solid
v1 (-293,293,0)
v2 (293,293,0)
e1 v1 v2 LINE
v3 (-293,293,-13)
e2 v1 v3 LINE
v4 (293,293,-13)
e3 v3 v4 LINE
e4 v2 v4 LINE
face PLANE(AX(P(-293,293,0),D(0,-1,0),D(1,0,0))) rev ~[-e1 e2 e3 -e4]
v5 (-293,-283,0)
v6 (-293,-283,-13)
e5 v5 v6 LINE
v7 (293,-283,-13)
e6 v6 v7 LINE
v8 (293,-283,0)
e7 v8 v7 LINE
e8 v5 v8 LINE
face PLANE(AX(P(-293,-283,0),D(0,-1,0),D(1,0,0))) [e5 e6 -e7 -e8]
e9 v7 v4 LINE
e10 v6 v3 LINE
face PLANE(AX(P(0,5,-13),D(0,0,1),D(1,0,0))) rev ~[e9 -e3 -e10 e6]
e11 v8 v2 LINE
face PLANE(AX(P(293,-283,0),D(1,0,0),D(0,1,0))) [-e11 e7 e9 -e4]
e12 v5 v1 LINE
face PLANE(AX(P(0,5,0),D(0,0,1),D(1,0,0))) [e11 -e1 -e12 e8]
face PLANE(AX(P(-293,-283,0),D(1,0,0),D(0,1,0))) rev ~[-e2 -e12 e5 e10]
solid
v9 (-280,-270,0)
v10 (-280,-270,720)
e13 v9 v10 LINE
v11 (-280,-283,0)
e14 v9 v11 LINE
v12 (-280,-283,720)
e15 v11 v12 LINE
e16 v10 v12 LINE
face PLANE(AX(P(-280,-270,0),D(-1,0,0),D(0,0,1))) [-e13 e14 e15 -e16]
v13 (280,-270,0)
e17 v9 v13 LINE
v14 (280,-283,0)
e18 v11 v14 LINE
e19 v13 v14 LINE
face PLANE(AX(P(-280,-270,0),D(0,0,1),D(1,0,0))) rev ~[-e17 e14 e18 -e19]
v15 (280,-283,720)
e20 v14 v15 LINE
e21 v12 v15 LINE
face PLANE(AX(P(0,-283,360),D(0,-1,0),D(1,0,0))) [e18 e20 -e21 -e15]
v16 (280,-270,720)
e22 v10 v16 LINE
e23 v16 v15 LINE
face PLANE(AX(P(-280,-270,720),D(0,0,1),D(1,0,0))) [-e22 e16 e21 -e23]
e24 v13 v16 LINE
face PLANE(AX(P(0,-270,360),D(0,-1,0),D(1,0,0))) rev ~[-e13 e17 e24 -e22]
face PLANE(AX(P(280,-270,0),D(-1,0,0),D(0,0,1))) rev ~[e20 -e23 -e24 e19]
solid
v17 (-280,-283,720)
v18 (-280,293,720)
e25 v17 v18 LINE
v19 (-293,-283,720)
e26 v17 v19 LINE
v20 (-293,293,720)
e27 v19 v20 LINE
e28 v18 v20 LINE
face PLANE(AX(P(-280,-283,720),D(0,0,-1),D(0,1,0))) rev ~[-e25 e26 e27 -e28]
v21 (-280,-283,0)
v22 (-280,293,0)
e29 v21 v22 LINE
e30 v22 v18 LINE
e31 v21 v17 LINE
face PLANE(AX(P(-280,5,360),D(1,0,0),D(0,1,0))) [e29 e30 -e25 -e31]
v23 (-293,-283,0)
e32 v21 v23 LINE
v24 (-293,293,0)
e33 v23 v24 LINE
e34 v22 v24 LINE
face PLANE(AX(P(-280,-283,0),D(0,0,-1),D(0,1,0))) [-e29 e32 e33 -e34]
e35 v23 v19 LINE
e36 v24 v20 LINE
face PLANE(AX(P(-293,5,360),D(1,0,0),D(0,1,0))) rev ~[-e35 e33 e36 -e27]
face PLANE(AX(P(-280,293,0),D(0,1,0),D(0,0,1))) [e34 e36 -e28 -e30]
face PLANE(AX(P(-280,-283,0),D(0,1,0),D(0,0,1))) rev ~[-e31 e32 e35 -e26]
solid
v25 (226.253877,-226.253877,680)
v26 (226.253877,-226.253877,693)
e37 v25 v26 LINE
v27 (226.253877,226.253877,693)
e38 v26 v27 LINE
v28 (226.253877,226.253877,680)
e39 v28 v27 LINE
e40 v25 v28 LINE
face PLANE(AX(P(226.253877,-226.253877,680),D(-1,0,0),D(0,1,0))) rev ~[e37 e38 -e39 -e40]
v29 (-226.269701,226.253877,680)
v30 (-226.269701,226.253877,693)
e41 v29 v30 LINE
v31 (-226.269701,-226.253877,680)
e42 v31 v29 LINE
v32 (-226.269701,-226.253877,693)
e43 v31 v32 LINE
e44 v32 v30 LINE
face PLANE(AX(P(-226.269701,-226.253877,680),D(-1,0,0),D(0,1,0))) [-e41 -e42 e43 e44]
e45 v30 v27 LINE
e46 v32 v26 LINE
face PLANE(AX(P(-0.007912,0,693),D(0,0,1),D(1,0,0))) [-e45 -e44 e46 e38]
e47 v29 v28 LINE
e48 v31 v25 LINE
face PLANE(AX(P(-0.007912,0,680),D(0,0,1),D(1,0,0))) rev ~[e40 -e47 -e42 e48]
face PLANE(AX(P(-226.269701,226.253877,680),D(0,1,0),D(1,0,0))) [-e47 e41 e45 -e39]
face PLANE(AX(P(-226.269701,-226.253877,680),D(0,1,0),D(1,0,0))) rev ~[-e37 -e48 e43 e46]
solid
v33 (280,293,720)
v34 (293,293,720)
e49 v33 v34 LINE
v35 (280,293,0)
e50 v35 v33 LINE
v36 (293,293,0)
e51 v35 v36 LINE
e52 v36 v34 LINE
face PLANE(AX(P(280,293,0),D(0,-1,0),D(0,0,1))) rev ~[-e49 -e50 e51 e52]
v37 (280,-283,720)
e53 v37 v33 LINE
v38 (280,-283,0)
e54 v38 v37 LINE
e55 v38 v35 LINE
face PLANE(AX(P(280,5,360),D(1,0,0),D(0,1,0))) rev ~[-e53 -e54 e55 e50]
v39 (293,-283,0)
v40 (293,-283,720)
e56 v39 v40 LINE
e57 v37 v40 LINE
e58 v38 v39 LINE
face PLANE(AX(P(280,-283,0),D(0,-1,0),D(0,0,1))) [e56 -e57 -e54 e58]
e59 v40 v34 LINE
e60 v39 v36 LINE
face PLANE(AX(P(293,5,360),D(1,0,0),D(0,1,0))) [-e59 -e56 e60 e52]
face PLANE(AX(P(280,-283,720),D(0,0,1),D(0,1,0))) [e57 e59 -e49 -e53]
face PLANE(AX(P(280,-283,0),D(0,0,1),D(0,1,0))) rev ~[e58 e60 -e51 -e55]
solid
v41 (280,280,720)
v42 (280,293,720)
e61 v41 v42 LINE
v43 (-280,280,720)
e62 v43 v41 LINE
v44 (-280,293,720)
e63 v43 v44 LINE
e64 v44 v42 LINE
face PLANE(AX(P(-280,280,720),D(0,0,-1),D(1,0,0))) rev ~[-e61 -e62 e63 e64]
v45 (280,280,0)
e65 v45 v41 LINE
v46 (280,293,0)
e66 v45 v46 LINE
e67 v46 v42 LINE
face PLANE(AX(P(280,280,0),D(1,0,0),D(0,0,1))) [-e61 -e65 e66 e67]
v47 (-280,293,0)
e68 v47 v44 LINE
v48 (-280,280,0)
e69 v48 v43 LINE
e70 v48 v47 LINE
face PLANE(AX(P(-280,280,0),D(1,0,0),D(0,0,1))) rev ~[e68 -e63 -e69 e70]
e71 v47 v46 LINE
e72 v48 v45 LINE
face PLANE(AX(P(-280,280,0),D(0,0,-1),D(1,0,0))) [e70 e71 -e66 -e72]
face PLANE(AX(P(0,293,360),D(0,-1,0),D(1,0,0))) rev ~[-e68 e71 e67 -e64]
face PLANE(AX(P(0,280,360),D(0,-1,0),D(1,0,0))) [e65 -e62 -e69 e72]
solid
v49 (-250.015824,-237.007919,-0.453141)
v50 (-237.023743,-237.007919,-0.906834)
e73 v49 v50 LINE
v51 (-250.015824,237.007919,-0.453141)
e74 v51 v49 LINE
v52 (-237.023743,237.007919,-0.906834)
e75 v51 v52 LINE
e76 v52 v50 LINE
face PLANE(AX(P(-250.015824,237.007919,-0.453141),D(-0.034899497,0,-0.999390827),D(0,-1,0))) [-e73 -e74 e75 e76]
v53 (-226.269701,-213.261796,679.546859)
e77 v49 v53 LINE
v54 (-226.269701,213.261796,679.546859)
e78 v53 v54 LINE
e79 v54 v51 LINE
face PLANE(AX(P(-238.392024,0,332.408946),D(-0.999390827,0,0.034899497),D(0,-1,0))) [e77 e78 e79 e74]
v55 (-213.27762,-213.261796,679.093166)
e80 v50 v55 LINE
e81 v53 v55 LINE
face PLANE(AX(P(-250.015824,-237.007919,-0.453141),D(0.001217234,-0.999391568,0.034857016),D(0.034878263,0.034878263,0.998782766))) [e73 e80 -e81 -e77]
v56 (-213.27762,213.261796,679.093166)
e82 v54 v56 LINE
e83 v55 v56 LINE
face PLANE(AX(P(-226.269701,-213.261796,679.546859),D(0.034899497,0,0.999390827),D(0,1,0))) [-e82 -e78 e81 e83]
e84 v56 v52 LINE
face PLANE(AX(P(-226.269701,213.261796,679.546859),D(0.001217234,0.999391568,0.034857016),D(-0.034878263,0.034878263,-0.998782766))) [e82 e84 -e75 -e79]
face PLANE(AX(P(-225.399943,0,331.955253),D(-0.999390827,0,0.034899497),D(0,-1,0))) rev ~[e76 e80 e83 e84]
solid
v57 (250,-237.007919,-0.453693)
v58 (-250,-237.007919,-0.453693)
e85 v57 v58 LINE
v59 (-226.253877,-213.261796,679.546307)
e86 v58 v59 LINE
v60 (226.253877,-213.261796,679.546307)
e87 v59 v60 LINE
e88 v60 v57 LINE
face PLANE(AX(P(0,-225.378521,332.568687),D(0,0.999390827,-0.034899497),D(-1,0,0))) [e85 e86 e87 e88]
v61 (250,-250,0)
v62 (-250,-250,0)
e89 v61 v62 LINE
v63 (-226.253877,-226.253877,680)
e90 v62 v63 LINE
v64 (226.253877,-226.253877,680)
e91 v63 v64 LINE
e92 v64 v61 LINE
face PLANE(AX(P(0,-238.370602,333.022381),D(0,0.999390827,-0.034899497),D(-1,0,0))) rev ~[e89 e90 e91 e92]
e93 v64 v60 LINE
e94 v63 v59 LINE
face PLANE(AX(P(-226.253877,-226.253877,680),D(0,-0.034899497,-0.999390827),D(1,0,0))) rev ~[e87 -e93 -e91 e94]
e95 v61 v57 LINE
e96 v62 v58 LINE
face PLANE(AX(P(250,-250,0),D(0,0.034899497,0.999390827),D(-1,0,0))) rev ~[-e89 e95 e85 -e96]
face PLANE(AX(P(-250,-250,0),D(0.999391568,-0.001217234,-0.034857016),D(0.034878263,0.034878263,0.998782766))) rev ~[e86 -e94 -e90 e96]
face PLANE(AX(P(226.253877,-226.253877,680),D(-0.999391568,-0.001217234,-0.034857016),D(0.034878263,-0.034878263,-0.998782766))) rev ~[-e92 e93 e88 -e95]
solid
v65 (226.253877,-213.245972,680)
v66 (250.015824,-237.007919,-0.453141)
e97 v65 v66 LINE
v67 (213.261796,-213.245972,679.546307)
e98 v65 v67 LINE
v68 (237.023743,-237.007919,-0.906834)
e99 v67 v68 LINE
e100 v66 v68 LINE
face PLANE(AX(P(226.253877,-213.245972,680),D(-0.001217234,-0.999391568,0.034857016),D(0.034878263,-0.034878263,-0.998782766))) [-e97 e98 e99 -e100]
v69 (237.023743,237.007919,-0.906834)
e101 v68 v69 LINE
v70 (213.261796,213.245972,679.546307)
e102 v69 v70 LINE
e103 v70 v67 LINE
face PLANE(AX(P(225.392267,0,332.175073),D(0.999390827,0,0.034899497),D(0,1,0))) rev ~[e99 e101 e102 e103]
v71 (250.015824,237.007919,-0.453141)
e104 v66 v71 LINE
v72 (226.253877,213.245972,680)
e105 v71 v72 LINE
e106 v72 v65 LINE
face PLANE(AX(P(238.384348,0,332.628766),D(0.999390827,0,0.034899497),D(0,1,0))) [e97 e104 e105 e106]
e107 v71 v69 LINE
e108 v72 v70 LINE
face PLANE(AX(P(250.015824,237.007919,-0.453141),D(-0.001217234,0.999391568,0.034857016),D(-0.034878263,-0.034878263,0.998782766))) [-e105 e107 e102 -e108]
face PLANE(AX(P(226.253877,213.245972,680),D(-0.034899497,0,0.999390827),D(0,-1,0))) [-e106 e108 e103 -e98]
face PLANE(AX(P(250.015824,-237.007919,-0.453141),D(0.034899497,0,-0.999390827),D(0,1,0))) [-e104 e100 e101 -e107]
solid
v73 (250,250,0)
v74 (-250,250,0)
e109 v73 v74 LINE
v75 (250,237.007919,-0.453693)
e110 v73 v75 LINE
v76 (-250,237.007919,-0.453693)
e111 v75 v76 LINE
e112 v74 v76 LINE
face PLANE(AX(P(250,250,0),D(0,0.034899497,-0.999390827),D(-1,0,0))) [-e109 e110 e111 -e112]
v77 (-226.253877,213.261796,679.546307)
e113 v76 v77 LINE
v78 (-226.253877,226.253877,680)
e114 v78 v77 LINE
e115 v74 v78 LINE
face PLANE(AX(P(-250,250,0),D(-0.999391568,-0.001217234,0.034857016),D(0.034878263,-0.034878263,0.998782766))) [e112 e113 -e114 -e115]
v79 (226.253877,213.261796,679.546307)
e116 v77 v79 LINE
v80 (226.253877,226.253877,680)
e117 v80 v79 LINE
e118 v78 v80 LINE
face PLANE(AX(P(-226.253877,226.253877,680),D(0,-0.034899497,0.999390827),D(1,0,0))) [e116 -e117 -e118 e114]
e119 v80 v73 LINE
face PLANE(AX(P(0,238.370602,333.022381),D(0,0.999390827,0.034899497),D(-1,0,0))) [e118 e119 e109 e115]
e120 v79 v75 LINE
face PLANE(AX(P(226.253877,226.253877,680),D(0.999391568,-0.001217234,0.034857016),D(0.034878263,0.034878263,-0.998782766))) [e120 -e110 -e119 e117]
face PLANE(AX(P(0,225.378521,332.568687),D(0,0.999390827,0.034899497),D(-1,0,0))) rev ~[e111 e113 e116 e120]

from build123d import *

# Parameters (mm, degrees)
F7_DEPTH  = 13
F9_DEPTH  = 13
F11_DEPTH = 13
F13_DEPTH = 13
F14_W     = 452.5235775191
F14_H     = 452.5077534912
F15_DEPTH = 13
F17_W     = 560
F17_H     = 720
F18_DEPTH = 13
F20_W     = 560
F20_H     = 720
F21_DEPTH = 13
F24_W     = 576
F24_H     = 720
F25_DEPTH = 13
F26_W     = 576
F26_H     = 720
F27_DEPTH = 13
F28_W     = 586
F28_H     = 576
F29_DEPTH = 13


with BuildPart() as f7:
    # F6 (on line) → F7 (new body)
    with BuildSketch(Plane(origin=(0, -249.6955062825, 8.719559218), x_dir=(-1, 0, 0), z_dir=(0, 0.999390827, -0.0348994967))):
        Polygon((-226.2538767456, 671.6896159476), (-250, -8.7248741756), (250, -8.7248741756), (226.2538767456, 671.6896159476), align=None)
    extrude(amount=F7_DEPTH)


with BuildPart() as f9:
    # F8 (on line) → F9 (new body)
    with BuildSketch(Plane(origin=(0, 249.6955062825, 8.719559218), x_dir=(-1, 0, 0), z_dir=(0, 0.999390827, 0.0348994967))):
        Polygon((-226.2538767456, 671.6896159476), (-250, -8.7248741756), (250, -8.7248741756), (226.2538767456, 671.6896159476), align=None)
    extrude(amount=-F9_DEPTH)


with BuildPart() as f11:
    # F10 (on line) → F11 (new body)
    with BuildSketch(Plane(origin=(-249.6955062825, 0, 8.719559218), x_dir=(0, -1, 0), z_dir=(-0.999390827, 0, 0.0348994967))):
        Polygon((-213.2617959944, 671.2361988682), (-237.0079192488, -9.178291255), (237.0079192488, -9.178291255), (213.2617959944, 671.2361988682), align=None)
    extrude(amount=-F11_DEPTH)


with BuildPart() as f13:
    # F12 (on line) → F13 (new body)
    with BuildSketch(Plane(origin=(249.6955062825, 0, 8.719559218), x_dir=(0, 1, 0), z_dir=(0.999390827, 0, 0.0348994967))):
        Polygon((-213.2459719665, 671.6896159476), (-237.0079192488, -9.178291255), (237.0079192488, -9.178291255), (213.2459719665, 671.6896159476), align=None)
    extrude(amount=-F13_DEPTH)


with BuildPart() as f15:
    # F14 (on offset) → F15 (new body)
    with BuildSketch(Plane.XY.offset(680)):
        with Locations((-0.0079120139, 0)):
            Rectangle(F14_W, F14_H)
    extrude(amount=F15_DEPTH)


with BuildPart() as f18:
    # F17 (on offset) → F18 (new body)
    with BuildSketch(Plane.XZ.offset(270)):
        with Locations((0, 360)):
            Rectangle(F17_W, F17_H)
    extrude(amount=F18_DEPTH)


with BuildPart() as f21:
    # F20 (on offset) → F21 (new body)
    with BuildSketch(Plane.XZ.offset(-280)):
        with Locations((0, 360)):
            Rectangle(F20_W, F20_H)
    extrude(amount=-F21_DEPTH)


with BuildPart() as f25:
    # F24 (on offset) → F25 (new body)
    with BuildSketch(Plane.YZ.offset(280)):
        with Locations((5, 360)):
            Rectangle(F24_W, F24_H)
    extrude(amount=F25_DEPTH)


with BuildPart() as f27:
    # F26 (on offset) → F27 (new body)
    with BuildSketch(Plane.YZ.offset(-280)):
        with Locations((5, 360)):
            Rectangle(F26_W, F26_H)
    extrude(amount=-F27_DEPTH)


with BuildPart() as f29:
    # F28 (on Top) → F29 (new body)
    with BuildSketch(Plane.XY):
        with Locations((0, 5)):
            Rectangle(F28_W, F28_H)
    extrude(amount=-F29_DEPTH)


solid = Compound([f7.part, f9.part, f11.part, f13.part, f15.part, f18.part, f21.part, f25.part, f27.part, f29.part])
